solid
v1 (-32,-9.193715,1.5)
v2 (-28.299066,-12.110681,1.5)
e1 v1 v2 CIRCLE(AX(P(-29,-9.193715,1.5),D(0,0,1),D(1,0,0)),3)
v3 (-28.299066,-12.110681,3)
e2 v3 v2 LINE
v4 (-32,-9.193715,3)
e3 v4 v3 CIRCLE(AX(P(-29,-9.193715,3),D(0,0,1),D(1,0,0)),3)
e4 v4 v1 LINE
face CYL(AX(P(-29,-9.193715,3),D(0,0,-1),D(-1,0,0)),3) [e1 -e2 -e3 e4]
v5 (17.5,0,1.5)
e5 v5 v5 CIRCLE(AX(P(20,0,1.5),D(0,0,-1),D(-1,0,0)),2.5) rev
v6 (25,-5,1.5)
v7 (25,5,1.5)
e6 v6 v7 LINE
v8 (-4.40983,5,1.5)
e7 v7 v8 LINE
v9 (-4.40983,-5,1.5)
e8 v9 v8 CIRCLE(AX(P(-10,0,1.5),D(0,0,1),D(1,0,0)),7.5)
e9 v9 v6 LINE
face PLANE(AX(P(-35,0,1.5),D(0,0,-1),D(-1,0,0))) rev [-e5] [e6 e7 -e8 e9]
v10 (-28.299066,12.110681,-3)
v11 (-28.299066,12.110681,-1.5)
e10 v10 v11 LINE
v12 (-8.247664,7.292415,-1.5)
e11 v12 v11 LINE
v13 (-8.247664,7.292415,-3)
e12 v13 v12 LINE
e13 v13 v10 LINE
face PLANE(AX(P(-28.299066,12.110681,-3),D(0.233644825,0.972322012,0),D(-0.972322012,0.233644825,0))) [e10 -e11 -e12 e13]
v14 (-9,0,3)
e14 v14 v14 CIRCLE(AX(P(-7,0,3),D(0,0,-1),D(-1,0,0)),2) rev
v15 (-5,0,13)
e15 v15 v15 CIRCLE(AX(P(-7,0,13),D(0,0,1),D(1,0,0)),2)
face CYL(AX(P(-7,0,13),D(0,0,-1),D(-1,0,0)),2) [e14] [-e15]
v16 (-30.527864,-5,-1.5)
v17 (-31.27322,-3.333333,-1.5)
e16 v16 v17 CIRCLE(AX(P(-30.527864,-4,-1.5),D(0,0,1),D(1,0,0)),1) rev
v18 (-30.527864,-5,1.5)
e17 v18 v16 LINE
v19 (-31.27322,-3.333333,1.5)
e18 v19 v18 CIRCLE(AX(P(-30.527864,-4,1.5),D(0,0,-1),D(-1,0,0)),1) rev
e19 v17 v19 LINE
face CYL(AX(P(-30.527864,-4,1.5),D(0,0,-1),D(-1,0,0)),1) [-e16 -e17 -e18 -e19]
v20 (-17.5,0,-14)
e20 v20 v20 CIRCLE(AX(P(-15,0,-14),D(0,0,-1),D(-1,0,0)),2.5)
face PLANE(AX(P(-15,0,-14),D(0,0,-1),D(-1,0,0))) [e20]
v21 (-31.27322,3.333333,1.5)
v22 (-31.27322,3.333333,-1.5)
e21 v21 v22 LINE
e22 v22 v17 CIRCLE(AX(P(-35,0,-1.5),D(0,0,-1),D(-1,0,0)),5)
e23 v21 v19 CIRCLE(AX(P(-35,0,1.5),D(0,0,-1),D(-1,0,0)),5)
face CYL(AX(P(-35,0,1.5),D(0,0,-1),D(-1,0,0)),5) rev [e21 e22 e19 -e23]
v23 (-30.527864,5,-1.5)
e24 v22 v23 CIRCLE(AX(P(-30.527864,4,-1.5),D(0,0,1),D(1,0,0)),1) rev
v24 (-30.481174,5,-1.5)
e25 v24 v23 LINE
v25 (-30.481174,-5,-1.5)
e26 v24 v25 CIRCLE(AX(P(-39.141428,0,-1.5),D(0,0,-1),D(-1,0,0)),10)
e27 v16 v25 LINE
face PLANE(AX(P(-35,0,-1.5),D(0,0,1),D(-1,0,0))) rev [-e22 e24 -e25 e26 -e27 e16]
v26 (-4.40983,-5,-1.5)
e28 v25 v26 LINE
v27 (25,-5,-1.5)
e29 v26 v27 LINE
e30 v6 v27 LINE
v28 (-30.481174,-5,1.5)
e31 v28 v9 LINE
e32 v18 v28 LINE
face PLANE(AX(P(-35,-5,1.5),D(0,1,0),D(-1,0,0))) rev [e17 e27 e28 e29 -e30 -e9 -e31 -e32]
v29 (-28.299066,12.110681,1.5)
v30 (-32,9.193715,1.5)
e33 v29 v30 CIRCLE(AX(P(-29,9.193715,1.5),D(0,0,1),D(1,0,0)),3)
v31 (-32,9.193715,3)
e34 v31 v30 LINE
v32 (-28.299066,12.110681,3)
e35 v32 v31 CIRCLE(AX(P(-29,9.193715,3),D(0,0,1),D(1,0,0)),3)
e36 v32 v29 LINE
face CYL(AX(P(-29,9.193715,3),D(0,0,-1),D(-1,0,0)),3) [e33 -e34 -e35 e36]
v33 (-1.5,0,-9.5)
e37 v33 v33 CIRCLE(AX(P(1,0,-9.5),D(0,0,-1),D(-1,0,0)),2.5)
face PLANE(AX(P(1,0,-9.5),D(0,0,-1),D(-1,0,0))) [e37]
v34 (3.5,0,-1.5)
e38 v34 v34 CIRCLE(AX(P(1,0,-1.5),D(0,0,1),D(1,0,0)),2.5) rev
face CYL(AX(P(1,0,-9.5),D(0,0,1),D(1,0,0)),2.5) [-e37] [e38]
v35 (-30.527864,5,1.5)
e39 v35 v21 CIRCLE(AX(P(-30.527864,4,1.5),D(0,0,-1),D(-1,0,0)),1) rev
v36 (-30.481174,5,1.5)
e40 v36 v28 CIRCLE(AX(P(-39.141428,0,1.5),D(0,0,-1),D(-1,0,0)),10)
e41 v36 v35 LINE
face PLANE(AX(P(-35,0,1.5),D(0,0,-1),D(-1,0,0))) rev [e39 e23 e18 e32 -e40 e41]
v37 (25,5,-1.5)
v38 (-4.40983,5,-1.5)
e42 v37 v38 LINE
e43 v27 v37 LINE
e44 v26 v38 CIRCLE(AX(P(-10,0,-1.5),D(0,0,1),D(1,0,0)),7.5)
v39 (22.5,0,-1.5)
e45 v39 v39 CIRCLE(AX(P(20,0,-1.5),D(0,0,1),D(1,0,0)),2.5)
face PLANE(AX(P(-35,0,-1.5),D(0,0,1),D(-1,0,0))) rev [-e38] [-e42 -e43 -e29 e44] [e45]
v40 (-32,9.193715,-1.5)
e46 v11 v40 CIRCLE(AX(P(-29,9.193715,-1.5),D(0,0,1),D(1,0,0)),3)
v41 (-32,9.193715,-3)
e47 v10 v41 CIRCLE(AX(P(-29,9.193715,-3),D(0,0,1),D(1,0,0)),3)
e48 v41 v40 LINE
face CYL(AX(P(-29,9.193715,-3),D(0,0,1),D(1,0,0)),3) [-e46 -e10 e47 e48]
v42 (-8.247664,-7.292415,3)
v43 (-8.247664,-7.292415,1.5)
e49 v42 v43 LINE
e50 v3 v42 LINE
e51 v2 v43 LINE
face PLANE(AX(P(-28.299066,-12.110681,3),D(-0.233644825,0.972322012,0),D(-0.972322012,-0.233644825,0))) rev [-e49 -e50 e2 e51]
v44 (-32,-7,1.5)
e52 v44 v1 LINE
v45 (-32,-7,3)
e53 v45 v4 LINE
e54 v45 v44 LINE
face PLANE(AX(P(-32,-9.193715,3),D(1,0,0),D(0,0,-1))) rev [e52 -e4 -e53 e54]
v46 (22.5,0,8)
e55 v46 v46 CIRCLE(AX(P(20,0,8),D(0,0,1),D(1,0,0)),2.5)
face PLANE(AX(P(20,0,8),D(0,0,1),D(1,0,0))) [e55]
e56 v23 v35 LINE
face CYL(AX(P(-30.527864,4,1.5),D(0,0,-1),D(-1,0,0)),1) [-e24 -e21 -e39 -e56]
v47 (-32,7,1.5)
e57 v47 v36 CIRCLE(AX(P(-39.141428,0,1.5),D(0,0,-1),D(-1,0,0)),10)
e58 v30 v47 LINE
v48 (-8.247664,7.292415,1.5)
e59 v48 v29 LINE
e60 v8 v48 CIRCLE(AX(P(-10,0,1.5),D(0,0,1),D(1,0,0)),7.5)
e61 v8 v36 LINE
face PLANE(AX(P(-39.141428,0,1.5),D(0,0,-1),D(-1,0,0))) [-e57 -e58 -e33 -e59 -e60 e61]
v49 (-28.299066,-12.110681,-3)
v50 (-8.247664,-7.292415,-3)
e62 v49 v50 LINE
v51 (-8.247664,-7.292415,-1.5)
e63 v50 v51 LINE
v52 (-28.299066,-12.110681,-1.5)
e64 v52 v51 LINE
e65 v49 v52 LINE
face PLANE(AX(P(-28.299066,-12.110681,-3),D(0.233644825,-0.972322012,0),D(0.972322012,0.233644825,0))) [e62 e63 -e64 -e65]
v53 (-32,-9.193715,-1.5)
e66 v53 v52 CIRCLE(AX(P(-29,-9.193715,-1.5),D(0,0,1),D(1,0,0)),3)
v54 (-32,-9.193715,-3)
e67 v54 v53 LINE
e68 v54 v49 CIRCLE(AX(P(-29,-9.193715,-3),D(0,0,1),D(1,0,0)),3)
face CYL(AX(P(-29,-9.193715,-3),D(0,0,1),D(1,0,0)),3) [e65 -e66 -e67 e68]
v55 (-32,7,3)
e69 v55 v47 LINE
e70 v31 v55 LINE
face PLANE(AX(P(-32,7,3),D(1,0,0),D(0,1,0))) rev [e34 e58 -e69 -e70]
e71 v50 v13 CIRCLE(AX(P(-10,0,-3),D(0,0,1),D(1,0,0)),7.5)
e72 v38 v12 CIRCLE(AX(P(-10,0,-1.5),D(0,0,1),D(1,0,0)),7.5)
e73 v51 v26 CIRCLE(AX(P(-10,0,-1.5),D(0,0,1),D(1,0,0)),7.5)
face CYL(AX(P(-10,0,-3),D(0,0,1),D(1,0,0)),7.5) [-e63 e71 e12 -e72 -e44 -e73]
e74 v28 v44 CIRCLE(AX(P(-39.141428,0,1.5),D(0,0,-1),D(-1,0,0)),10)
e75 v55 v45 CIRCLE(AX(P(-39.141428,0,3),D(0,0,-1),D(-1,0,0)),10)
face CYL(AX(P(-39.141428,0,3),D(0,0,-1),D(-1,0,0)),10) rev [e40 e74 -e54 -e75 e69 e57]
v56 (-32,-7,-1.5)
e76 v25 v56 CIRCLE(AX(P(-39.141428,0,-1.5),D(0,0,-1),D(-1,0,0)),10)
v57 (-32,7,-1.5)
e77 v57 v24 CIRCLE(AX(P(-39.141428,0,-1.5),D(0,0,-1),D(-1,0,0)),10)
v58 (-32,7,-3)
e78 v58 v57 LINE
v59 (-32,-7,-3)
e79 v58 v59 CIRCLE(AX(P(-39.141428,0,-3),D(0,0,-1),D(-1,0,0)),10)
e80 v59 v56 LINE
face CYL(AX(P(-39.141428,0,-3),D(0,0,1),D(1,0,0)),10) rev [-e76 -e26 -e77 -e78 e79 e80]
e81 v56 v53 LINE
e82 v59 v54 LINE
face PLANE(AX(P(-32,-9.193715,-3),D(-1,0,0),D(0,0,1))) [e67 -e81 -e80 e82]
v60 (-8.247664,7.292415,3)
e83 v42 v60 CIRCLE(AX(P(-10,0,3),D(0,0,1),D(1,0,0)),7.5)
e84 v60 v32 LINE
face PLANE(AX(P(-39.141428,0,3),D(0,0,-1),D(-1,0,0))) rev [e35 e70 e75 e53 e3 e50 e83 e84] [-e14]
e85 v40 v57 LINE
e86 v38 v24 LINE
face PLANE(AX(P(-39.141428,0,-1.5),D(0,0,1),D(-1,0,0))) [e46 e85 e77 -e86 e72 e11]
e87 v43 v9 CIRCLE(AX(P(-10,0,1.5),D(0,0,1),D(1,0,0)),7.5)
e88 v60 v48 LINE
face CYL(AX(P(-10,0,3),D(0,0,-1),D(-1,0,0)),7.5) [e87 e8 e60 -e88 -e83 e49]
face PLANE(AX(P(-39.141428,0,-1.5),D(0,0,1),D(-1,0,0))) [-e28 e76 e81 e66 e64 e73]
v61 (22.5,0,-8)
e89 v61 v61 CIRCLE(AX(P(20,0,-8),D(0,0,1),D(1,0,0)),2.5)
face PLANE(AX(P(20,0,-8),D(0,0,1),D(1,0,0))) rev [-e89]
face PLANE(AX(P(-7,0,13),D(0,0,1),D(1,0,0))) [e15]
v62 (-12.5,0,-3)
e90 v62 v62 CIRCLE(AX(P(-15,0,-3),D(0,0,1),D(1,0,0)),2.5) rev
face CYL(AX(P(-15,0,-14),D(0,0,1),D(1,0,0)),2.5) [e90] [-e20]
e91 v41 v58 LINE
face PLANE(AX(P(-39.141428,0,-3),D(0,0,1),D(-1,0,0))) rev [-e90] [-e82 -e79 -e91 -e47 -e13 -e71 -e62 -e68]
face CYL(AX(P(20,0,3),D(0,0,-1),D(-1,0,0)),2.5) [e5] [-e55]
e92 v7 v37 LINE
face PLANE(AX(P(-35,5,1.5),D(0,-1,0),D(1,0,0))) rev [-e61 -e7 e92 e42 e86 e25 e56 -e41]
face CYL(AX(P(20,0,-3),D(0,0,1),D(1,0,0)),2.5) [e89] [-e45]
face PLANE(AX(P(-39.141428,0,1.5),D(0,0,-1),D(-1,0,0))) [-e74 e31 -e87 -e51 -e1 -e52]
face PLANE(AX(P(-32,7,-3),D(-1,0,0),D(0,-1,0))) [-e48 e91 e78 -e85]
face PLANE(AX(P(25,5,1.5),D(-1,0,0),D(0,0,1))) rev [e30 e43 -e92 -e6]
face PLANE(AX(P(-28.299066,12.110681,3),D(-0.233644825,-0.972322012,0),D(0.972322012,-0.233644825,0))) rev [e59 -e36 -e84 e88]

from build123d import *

# Parameters (mm, degrees)
BOSS_EXTRUDE2_DEPTH      = 1.5
SKETCH2_R                = 2.5
BOSS_EXTRUDE3_DEPTH      = 1.5
FILLET2_R                = 1
SKETCH3_R                = 2
BOSS_EXTRUDE4_DEPTH      = 10
BOSS_EXTRUDE5_DEPTH      = 5
BOSS_EXTRUDE5_DEPTH_BACK = 11
SKETCH6_R                = 2.5
SKETCH7_R                = 2.5
BOSS_EXTRUDE6_DEPTH      = 11
SKETCH8_R                = 2.5
BOSS_EXTRUDE7_DEPTH      = 8


with BuildPart() as part:
    # Sketch1 → Boss-Extrude2 (new body)
    with BuildSketch(Plane.XY):
        with BuildLine():
            Line((-35, 5), (25, 5))
            Line((25, 5), (25, -5))
            Line((25, -5), (-35, -5))
            ThreePointArc((-35, -5), (-30, 0), (-35, 5))
        make_face()
    boss_extrude2 = extrude(amount=BOSS_EXTRUDE2_DEPTH)

    # Sketch2 → Boss-Extrude3 (add)
    with BuildSketch(Plane.XY.offset(1.5)):
        with Locations(Location((20, 0, 0), (0, 0, 180))):
            Circle(SKETCH2_R)
        with BuildLine():
            Line((-32, -9.19371522), (-32, -7))
            ThreePointArc((-32, -7), (-29.141428429, 0), (-32, 7))
            Line((-32, 7), (-32, 9.19371522))
            ThreePointArc((-32, 9.19371522), (-30.857040195, 11.549856497), (-28.299065524, 12.110681257))
            Line((-28.299065524, 12.110681257), (-8.247663809, 7.292415092))
            ThreePointArc((-8.247663809, 7.292415092), (-2.5, 0), (-8.247663809, -7.292415092))
            Line((-8.247663809, -7.292415092), (-28.299065524, -12.110681257))
            ThreePointArc((-28.299065524, -12.110681257), (-30.857040195, -11.549856497), (-32, -9.19371522))
        make_face()
    boss_extrude3 = extrude(amount=BOSS_EXTRUDE3_DEPTH)

    # Mirror1: Boss-Extrude2, Boss-Extrude3 across plane
    add(boss_extrude2.mirror(Plane(origin=(-35, 0, 0), x_dir=(1, 0, 0), z_dir=(0, 0, -1))))
    add(boss_extrude3.mirror(Plane(origin=(-35, 0, 0), x_dir=(1, 0, 0), z_dir=(0, 0, -1))))

    # Fillet2
    fillet2_edges = [part.edges().sort_by_distance(p)[0] for p in [
        (-35, -5, 0),
        (-35, 5, 0),
    ]]
    fillet(fillet2_edges, radius=FILLET2_R)

    # Sketch3 → Boss-Extrude4 (add)
    with BuildSketch(Plane.XY.offset(3)):
        with Locations(Location((-7, 0, 0), (0, 0, 180))):
            Circle(SKETCH3_R)
    extrude(amount=BOSS_EXTRUDE4_DEPTH)

    # Sketch6 → Boss-Extrude5 (add, two sides: drawn at the far end of the back side and taken through both)
    with BuildSketch(Plane.XY.offset(3).offset(-BOSS_EXTRUDE5_DEPTH_BACK)):
        with Locations(Location((20, 0, 0), (0, 0, 180))):
            Circle(SKETCH6_R)
    extrude(amount=BOSS_EXTRUDE5_DEPTH + BOSS_EXTRUDE5_DEPTH_BACK)

    # Sketch7 → Boss-Extrude6 (add)
    with BuildSketch(Plane(origin=(0, 0, -3), x_dir=(-1, 0, 0), z_dir=(0, 0, -1))):
        with Locations(Location((15, 0, 0), (0, 0, 180))):
            Circle(SKETCH7_R)
    extrude(amount=BOSS_EXTRUDE6_DEPTH)

    # Sketch8 → Boss-Extrude7 (add)
    with BuildSketch(Plane(origin=(0, 0, -1.5), x_dir=(-1, 0, 0), z_dir=(0, 0, -1))):
        with Locations(Location((-1, 0, 0), (0, 0, 180))):
            Circle(SKETCH8_R)
    extrude(amount=BOSS_EXTRUDE7_DEPTH)


solid = part.part
